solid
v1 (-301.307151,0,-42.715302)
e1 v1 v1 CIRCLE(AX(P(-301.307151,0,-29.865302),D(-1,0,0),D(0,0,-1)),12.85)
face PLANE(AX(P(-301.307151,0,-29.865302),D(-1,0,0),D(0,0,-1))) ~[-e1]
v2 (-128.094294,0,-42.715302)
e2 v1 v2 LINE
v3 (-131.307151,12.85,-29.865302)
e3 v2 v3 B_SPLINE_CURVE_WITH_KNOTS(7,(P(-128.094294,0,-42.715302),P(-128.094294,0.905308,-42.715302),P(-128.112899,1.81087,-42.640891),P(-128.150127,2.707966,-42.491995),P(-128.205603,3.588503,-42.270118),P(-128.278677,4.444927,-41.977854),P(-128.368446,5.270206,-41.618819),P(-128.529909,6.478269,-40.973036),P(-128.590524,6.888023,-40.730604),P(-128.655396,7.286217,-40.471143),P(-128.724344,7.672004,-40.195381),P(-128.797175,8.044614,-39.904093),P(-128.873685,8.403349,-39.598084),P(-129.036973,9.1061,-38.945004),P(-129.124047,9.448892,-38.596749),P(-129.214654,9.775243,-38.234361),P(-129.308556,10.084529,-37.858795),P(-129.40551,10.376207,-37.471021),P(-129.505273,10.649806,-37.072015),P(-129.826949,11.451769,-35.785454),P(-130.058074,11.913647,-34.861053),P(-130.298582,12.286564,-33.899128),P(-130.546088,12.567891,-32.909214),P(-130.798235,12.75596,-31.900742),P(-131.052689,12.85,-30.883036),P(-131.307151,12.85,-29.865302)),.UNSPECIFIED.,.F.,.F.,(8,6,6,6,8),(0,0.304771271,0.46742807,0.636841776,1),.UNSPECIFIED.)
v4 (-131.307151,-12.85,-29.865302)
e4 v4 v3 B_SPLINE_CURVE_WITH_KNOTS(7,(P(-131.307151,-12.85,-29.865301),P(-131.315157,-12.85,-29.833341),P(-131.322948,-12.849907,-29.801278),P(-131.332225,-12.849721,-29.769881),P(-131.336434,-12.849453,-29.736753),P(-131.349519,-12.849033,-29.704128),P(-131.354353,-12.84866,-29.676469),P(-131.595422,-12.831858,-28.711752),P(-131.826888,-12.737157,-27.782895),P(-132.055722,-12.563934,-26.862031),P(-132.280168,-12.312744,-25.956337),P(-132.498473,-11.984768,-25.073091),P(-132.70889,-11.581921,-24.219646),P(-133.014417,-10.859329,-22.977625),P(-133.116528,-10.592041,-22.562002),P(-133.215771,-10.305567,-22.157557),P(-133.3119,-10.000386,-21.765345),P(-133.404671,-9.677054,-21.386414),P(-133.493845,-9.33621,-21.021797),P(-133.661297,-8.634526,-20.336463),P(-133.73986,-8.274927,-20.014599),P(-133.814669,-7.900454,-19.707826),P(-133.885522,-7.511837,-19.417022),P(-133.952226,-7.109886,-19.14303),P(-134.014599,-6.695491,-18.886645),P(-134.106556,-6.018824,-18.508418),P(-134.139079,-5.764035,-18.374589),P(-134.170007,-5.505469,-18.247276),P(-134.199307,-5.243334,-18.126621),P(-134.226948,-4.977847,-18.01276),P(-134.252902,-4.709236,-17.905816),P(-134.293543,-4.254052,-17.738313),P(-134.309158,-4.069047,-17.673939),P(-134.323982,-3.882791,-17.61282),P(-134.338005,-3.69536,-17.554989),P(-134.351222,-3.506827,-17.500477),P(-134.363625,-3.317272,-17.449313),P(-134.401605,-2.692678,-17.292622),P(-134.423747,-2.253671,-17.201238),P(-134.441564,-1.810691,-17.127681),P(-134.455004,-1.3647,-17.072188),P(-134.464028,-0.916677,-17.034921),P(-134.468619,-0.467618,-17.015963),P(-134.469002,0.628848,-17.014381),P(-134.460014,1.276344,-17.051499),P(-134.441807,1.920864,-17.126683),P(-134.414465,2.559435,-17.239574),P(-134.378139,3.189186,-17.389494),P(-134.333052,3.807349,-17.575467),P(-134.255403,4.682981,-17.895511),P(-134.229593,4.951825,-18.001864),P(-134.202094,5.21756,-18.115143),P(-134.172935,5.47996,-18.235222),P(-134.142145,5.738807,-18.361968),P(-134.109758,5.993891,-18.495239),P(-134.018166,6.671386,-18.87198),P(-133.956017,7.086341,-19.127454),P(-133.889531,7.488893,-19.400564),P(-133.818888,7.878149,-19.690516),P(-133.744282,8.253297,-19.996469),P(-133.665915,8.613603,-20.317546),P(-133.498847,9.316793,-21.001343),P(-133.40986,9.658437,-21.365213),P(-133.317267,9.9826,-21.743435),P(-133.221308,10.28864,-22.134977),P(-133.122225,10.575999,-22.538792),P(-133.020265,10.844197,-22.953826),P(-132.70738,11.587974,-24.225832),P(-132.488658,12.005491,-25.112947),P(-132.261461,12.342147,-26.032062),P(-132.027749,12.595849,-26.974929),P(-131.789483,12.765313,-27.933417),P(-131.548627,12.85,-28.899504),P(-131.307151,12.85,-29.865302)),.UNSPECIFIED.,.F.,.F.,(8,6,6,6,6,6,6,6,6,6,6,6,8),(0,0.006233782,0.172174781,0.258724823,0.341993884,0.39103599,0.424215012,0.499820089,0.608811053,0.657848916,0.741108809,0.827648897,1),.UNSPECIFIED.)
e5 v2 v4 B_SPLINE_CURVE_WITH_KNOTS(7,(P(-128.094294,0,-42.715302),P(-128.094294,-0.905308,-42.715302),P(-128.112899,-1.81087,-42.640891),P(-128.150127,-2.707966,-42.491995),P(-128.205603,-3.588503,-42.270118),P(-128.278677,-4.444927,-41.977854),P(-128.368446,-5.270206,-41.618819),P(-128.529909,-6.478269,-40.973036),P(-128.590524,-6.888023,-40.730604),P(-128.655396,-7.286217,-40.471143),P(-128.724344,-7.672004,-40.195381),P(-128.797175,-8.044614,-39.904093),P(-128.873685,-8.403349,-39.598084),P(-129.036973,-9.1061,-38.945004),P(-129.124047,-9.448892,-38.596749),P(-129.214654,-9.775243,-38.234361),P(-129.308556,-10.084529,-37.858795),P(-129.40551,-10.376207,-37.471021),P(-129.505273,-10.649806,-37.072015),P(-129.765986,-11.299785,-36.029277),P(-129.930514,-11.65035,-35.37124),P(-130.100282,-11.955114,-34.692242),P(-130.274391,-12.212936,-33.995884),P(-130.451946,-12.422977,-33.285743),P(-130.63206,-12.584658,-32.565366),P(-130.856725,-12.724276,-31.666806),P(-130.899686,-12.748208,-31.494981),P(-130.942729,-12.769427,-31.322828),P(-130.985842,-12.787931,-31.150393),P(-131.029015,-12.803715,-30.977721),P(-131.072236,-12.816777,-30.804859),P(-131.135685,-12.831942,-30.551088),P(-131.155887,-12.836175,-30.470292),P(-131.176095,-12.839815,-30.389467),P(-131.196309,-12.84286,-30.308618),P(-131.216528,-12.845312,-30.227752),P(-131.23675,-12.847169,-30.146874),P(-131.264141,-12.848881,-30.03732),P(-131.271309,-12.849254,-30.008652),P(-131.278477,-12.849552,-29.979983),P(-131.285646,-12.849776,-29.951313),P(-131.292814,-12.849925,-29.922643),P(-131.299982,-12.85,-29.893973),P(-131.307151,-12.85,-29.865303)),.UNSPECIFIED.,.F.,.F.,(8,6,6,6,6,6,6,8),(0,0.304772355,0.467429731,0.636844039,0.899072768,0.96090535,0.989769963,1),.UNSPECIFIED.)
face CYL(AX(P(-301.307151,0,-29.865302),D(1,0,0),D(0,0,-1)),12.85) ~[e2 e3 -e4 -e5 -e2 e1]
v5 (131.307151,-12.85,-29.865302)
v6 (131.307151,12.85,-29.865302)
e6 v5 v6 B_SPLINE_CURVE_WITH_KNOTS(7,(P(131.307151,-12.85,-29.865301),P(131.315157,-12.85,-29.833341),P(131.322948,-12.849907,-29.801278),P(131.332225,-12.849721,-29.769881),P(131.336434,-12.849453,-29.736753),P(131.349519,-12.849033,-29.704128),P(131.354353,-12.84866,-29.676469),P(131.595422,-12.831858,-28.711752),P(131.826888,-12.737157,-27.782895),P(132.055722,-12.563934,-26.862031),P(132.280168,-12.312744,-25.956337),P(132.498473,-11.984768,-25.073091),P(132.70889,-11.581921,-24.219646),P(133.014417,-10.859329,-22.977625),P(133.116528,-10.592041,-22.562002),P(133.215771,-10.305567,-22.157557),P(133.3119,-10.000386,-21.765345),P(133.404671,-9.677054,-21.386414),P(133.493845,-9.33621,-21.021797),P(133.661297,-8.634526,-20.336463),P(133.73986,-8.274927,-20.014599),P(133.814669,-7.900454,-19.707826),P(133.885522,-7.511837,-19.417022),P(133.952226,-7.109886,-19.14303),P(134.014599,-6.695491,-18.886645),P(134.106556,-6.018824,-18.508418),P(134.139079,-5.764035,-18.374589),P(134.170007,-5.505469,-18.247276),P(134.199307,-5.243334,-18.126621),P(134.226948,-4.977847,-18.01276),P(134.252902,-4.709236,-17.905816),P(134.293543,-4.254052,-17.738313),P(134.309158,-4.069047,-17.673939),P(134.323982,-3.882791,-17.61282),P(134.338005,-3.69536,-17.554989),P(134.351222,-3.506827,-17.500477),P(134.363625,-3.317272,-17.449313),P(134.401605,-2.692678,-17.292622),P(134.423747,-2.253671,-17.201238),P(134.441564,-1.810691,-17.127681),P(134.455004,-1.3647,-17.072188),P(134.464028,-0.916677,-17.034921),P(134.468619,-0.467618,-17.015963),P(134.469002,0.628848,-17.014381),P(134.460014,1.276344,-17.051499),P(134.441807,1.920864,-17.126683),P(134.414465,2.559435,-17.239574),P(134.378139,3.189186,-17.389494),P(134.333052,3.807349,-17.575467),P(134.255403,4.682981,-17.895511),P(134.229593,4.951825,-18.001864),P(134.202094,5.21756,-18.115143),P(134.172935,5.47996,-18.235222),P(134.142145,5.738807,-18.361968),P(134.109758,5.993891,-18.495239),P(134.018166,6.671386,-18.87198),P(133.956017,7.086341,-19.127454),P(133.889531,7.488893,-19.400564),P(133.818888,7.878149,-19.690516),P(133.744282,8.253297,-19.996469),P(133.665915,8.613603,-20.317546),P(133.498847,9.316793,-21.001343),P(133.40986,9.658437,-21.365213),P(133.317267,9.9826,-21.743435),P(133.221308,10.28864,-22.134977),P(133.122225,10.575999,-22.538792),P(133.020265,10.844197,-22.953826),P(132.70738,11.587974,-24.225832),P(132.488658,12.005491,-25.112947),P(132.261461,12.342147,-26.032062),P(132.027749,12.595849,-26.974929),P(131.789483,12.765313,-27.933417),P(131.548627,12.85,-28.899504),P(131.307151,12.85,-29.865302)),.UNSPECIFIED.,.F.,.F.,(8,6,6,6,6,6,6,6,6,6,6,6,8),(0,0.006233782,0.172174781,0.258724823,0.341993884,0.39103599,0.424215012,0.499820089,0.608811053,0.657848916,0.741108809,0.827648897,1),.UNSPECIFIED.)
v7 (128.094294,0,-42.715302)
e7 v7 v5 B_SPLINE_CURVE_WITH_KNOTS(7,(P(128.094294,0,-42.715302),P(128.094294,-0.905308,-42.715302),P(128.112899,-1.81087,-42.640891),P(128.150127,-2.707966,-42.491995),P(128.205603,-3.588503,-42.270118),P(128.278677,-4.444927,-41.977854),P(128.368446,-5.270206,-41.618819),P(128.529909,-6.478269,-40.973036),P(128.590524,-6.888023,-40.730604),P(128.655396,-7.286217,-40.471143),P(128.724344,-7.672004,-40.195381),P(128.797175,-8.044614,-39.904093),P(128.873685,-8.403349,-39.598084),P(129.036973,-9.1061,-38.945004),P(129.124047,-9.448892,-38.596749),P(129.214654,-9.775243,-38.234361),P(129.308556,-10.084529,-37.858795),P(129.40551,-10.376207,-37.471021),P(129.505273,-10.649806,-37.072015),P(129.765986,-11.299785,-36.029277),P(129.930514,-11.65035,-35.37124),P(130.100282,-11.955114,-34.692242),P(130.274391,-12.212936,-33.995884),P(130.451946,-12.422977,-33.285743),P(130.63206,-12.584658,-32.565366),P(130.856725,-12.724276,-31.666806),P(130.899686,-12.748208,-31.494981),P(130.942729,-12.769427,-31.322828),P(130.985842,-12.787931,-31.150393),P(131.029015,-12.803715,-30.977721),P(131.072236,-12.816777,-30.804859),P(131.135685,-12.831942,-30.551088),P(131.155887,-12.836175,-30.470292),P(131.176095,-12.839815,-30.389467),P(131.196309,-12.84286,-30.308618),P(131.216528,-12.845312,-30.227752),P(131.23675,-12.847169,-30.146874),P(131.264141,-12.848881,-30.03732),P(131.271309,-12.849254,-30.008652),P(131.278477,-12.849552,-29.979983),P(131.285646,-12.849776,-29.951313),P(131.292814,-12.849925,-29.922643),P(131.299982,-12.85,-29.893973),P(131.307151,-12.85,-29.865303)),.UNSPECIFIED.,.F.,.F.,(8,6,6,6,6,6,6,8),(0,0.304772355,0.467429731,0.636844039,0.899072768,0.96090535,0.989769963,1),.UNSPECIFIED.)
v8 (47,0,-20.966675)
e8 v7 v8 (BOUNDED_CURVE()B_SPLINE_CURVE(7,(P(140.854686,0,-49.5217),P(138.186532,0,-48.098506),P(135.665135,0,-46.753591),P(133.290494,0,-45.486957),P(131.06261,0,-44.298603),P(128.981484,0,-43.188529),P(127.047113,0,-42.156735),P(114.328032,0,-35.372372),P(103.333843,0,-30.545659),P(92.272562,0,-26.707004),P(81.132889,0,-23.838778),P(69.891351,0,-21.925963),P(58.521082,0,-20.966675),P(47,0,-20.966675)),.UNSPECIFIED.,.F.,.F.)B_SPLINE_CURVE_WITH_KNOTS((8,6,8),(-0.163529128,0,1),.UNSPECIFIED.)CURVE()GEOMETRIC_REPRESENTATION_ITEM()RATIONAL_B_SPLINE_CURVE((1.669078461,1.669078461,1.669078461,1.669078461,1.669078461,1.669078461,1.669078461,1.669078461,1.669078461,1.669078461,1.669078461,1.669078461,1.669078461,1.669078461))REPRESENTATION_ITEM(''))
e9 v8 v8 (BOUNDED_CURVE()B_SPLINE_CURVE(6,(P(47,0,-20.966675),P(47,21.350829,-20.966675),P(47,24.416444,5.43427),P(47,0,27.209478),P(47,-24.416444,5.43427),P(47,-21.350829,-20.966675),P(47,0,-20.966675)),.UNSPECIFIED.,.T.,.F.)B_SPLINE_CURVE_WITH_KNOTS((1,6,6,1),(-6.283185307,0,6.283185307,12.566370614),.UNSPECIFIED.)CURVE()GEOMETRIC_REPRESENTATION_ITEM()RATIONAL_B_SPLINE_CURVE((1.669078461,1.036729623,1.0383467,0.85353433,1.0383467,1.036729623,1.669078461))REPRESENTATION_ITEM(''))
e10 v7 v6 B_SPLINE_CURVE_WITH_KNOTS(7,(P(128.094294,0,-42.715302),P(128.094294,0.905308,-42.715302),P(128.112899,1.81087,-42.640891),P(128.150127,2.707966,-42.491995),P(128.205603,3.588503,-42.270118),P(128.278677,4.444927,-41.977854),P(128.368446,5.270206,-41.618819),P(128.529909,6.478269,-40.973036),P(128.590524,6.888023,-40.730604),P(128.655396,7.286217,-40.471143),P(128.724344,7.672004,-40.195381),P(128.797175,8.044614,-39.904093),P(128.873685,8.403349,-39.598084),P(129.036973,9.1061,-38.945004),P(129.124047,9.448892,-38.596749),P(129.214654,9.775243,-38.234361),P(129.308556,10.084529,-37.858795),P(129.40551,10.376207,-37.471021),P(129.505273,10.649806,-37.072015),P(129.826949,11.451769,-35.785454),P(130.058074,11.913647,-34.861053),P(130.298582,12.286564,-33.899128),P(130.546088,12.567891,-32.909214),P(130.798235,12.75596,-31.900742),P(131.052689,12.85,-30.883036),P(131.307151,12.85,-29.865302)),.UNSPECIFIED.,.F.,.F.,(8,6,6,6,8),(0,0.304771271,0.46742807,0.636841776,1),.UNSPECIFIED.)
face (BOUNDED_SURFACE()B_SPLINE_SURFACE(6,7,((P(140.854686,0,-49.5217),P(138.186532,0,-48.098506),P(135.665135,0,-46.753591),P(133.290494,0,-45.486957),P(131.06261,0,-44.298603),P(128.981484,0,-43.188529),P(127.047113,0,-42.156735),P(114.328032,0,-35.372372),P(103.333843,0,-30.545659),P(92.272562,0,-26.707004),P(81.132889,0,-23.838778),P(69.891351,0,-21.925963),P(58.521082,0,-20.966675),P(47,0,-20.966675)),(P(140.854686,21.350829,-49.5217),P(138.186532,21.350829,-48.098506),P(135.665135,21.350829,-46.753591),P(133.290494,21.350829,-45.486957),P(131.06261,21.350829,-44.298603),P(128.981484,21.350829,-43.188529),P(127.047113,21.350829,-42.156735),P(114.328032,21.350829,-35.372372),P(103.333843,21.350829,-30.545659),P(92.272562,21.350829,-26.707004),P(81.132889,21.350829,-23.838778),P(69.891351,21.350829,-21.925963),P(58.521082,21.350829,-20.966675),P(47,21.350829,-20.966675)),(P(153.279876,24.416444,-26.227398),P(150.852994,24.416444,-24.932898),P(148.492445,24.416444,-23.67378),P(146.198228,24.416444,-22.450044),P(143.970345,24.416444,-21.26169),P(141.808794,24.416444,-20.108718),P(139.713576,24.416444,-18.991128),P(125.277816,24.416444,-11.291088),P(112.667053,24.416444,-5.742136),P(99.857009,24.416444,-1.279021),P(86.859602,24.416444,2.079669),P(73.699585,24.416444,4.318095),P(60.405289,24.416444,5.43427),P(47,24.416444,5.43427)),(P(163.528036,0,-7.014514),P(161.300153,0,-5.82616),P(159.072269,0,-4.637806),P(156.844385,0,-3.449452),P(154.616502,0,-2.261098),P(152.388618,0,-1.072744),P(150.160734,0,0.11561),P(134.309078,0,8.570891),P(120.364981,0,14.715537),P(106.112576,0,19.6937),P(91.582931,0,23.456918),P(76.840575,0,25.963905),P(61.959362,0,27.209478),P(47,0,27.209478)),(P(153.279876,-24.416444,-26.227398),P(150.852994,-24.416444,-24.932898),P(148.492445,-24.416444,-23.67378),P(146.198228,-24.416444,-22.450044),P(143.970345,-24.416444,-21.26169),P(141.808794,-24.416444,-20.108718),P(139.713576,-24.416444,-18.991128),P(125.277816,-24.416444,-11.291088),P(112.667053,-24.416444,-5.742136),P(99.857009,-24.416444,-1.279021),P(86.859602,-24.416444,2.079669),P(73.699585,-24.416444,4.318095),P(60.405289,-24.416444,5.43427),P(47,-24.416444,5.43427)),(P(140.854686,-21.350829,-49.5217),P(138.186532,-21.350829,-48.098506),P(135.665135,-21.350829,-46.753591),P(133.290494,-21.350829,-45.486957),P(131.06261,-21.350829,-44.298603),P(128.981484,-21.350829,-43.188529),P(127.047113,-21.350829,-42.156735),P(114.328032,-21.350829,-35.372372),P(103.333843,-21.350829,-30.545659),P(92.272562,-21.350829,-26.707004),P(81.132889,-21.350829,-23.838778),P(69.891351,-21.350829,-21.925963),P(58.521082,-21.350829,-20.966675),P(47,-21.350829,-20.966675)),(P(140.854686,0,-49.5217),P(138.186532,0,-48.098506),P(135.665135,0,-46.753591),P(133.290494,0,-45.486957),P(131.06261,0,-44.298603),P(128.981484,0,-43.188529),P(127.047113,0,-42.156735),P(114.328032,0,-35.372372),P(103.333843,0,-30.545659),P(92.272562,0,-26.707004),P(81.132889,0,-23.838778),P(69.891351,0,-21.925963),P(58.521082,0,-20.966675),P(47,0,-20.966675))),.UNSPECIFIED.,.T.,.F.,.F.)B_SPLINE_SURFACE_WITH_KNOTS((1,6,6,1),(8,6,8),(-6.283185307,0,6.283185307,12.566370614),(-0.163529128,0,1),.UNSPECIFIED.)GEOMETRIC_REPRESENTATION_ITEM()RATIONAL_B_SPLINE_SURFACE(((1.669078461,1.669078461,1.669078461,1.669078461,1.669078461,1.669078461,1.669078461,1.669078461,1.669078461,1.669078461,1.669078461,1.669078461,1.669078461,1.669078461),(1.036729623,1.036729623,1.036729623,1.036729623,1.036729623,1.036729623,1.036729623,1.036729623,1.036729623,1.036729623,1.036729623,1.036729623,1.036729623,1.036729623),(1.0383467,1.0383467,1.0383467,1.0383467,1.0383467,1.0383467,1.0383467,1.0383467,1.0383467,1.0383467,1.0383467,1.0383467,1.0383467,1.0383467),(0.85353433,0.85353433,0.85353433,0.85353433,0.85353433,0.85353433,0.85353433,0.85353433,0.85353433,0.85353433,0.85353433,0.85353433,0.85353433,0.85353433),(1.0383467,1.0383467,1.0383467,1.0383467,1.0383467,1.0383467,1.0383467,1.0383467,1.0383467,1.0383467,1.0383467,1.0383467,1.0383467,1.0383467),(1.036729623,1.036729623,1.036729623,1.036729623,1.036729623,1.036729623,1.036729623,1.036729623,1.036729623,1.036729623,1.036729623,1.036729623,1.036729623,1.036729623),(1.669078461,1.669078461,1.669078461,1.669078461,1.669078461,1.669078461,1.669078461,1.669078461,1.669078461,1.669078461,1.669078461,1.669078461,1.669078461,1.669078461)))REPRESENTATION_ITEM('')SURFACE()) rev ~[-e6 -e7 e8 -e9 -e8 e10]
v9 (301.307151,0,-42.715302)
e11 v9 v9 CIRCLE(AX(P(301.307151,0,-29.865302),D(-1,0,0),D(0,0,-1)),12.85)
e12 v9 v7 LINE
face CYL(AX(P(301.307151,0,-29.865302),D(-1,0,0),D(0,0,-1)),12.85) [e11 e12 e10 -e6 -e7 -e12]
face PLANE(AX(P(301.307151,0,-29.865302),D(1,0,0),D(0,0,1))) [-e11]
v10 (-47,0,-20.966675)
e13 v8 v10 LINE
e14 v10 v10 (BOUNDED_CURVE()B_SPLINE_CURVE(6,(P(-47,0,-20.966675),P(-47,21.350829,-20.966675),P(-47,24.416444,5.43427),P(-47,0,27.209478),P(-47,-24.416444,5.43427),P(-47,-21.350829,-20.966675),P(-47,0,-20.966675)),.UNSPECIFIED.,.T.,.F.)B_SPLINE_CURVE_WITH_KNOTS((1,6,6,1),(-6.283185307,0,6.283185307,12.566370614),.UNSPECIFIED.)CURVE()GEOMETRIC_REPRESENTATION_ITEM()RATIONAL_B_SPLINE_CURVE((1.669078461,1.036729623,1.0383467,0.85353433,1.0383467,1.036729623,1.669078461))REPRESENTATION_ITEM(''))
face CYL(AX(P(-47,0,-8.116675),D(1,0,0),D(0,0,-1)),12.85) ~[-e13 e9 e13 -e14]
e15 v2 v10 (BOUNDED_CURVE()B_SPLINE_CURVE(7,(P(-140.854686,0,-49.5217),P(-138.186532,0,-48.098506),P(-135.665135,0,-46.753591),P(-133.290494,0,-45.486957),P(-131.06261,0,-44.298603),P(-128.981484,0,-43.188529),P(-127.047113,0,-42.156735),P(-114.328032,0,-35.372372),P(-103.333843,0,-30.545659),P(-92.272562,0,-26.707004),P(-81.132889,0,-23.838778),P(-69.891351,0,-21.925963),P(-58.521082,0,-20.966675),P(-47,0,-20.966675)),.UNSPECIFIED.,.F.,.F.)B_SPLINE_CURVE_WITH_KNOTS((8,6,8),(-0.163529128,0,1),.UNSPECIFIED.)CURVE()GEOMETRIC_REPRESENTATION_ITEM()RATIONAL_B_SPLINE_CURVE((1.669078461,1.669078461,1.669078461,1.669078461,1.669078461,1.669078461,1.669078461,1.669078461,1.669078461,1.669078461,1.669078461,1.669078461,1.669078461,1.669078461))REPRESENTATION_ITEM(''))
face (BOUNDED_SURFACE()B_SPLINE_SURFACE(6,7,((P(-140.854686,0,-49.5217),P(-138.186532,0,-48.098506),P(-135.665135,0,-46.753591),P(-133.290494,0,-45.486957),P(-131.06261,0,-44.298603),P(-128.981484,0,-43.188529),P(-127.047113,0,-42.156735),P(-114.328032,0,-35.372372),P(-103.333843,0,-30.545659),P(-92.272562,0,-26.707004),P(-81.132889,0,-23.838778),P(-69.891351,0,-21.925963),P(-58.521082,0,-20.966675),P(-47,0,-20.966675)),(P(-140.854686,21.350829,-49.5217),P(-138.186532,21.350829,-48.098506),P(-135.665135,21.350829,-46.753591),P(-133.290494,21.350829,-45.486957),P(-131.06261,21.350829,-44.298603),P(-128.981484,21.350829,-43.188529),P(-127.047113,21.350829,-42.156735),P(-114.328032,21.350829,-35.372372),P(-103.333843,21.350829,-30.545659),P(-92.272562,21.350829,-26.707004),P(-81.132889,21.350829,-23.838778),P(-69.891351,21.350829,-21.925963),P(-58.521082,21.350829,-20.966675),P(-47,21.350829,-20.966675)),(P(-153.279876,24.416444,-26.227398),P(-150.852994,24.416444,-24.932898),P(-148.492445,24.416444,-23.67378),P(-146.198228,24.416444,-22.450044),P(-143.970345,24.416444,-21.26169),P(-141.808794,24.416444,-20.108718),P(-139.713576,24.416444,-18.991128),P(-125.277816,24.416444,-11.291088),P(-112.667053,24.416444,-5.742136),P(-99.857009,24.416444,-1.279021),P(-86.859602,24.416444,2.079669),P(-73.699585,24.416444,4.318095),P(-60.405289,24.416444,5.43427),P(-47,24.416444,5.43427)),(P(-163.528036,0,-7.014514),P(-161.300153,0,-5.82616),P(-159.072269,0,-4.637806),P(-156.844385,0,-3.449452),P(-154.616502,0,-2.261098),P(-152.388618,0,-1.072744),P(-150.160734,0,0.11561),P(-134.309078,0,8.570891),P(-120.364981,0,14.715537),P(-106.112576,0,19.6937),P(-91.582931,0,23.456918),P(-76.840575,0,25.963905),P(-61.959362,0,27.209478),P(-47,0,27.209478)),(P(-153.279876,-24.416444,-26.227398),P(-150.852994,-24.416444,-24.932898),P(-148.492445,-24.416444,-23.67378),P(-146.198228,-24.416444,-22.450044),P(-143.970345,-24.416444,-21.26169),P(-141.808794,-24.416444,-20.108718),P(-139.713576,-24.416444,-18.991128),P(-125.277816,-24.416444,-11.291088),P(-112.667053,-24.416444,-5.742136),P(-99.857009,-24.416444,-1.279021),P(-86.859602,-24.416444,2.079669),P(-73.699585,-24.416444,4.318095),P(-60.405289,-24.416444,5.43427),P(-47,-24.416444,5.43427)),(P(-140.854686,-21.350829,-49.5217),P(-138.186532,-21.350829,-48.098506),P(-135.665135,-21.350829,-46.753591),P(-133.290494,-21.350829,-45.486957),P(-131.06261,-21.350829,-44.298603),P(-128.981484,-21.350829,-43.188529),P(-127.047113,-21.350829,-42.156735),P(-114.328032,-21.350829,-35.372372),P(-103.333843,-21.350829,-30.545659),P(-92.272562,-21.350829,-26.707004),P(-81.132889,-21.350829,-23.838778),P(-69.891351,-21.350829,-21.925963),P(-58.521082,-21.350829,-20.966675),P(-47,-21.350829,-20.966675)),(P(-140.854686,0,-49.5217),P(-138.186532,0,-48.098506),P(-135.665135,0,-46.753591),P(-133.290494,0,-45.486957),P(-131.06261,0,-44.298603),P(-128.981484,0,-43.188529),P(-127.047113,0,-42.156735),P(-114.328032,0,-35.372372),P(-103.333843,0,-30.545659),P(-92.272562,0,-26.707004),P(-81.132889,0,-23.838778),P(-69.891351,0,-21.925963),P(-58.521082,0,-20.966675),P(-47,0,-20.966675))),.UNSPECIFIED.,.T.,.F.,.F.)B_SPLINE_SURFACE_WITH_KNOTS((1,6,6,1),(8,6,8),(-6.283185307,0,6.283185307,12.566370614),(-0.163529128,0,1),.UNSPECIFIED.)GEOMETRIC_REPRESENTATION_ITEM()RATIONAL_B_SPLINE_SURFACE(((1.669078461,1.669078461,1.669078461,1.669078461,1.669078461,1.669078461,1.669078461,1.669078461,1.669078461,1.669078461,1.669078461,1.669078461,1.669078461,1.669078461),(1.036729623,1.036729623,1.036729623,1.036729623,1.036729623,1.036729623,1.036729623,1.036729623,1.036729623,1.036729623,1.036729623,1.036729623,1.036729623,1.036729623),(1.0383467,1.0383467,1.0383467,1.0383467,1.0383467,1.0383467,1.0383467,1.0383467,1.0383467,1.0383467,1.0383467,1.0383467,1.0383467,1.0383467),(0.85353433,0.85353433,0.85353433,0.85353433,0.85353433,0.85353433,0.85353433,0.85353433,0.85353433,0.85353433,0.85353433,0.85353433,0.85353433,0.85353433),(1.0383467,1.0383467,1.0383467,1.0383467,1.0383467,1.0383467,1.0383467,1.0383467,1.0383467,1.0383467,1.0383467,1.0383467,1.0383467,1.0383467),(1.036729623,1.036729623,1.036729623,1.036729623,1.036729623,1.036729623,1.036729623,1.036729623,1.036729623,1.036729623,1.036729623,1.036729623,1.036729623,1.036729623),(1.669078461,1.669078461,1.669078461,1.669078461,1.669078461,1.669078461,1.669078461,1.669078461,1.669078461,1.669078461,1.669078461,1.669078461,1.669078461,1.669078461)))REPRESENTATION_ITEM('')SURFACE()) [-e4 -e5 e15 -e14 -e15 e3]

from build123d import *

# Parameters (mm, degrees)
SKETCH2_R = 12.85


with BuildPart() as part:
    # Sweep1: sweep along a path in Sketch1
    with BuildLine() as sweep1_path:  # in the path sketch's own coordinates; laid on its plane below (add() does not lay a ready-made edge on the line's plane)
        Line((301.307150881, 29.86530187), (131.307150881, 29.86530187))
        add(Edge.make_bspline(
            [(131.307150881, 29.86530187), (90.533603326, 8.116674685), (47, 8.116674685)],
            knots=[0, 0, 0, 1, 1, 1], degree=2))
        Line((47, 8.116674685), (0, 8.116674685))
    # Sketch2 → Sweep1 (sweep)
    with BuildSketch(Plane(origin=(301.307150881, 0, 0), x_dir=(0, 0, -1), z_dir=(1, 0, 0))):
        with Locations((29.86530187, 0)):
            Circle(SKETCH2_R)
    sweep1 = sweep(path=Plane(origin=(0, 0, 0), x_dir=(1, 0, 0), z_dir=(0, 1, 0)) * sweep1_path.line, transition=Transition.RIGHT)

    # Mirror1: Sweep1 across plane
    add(sweep1.mirror(Plane(origin=(0, 0, 0), x_dir=(0, 0, 1), z_dir=(1, 0, 0))))


solid = part.part
